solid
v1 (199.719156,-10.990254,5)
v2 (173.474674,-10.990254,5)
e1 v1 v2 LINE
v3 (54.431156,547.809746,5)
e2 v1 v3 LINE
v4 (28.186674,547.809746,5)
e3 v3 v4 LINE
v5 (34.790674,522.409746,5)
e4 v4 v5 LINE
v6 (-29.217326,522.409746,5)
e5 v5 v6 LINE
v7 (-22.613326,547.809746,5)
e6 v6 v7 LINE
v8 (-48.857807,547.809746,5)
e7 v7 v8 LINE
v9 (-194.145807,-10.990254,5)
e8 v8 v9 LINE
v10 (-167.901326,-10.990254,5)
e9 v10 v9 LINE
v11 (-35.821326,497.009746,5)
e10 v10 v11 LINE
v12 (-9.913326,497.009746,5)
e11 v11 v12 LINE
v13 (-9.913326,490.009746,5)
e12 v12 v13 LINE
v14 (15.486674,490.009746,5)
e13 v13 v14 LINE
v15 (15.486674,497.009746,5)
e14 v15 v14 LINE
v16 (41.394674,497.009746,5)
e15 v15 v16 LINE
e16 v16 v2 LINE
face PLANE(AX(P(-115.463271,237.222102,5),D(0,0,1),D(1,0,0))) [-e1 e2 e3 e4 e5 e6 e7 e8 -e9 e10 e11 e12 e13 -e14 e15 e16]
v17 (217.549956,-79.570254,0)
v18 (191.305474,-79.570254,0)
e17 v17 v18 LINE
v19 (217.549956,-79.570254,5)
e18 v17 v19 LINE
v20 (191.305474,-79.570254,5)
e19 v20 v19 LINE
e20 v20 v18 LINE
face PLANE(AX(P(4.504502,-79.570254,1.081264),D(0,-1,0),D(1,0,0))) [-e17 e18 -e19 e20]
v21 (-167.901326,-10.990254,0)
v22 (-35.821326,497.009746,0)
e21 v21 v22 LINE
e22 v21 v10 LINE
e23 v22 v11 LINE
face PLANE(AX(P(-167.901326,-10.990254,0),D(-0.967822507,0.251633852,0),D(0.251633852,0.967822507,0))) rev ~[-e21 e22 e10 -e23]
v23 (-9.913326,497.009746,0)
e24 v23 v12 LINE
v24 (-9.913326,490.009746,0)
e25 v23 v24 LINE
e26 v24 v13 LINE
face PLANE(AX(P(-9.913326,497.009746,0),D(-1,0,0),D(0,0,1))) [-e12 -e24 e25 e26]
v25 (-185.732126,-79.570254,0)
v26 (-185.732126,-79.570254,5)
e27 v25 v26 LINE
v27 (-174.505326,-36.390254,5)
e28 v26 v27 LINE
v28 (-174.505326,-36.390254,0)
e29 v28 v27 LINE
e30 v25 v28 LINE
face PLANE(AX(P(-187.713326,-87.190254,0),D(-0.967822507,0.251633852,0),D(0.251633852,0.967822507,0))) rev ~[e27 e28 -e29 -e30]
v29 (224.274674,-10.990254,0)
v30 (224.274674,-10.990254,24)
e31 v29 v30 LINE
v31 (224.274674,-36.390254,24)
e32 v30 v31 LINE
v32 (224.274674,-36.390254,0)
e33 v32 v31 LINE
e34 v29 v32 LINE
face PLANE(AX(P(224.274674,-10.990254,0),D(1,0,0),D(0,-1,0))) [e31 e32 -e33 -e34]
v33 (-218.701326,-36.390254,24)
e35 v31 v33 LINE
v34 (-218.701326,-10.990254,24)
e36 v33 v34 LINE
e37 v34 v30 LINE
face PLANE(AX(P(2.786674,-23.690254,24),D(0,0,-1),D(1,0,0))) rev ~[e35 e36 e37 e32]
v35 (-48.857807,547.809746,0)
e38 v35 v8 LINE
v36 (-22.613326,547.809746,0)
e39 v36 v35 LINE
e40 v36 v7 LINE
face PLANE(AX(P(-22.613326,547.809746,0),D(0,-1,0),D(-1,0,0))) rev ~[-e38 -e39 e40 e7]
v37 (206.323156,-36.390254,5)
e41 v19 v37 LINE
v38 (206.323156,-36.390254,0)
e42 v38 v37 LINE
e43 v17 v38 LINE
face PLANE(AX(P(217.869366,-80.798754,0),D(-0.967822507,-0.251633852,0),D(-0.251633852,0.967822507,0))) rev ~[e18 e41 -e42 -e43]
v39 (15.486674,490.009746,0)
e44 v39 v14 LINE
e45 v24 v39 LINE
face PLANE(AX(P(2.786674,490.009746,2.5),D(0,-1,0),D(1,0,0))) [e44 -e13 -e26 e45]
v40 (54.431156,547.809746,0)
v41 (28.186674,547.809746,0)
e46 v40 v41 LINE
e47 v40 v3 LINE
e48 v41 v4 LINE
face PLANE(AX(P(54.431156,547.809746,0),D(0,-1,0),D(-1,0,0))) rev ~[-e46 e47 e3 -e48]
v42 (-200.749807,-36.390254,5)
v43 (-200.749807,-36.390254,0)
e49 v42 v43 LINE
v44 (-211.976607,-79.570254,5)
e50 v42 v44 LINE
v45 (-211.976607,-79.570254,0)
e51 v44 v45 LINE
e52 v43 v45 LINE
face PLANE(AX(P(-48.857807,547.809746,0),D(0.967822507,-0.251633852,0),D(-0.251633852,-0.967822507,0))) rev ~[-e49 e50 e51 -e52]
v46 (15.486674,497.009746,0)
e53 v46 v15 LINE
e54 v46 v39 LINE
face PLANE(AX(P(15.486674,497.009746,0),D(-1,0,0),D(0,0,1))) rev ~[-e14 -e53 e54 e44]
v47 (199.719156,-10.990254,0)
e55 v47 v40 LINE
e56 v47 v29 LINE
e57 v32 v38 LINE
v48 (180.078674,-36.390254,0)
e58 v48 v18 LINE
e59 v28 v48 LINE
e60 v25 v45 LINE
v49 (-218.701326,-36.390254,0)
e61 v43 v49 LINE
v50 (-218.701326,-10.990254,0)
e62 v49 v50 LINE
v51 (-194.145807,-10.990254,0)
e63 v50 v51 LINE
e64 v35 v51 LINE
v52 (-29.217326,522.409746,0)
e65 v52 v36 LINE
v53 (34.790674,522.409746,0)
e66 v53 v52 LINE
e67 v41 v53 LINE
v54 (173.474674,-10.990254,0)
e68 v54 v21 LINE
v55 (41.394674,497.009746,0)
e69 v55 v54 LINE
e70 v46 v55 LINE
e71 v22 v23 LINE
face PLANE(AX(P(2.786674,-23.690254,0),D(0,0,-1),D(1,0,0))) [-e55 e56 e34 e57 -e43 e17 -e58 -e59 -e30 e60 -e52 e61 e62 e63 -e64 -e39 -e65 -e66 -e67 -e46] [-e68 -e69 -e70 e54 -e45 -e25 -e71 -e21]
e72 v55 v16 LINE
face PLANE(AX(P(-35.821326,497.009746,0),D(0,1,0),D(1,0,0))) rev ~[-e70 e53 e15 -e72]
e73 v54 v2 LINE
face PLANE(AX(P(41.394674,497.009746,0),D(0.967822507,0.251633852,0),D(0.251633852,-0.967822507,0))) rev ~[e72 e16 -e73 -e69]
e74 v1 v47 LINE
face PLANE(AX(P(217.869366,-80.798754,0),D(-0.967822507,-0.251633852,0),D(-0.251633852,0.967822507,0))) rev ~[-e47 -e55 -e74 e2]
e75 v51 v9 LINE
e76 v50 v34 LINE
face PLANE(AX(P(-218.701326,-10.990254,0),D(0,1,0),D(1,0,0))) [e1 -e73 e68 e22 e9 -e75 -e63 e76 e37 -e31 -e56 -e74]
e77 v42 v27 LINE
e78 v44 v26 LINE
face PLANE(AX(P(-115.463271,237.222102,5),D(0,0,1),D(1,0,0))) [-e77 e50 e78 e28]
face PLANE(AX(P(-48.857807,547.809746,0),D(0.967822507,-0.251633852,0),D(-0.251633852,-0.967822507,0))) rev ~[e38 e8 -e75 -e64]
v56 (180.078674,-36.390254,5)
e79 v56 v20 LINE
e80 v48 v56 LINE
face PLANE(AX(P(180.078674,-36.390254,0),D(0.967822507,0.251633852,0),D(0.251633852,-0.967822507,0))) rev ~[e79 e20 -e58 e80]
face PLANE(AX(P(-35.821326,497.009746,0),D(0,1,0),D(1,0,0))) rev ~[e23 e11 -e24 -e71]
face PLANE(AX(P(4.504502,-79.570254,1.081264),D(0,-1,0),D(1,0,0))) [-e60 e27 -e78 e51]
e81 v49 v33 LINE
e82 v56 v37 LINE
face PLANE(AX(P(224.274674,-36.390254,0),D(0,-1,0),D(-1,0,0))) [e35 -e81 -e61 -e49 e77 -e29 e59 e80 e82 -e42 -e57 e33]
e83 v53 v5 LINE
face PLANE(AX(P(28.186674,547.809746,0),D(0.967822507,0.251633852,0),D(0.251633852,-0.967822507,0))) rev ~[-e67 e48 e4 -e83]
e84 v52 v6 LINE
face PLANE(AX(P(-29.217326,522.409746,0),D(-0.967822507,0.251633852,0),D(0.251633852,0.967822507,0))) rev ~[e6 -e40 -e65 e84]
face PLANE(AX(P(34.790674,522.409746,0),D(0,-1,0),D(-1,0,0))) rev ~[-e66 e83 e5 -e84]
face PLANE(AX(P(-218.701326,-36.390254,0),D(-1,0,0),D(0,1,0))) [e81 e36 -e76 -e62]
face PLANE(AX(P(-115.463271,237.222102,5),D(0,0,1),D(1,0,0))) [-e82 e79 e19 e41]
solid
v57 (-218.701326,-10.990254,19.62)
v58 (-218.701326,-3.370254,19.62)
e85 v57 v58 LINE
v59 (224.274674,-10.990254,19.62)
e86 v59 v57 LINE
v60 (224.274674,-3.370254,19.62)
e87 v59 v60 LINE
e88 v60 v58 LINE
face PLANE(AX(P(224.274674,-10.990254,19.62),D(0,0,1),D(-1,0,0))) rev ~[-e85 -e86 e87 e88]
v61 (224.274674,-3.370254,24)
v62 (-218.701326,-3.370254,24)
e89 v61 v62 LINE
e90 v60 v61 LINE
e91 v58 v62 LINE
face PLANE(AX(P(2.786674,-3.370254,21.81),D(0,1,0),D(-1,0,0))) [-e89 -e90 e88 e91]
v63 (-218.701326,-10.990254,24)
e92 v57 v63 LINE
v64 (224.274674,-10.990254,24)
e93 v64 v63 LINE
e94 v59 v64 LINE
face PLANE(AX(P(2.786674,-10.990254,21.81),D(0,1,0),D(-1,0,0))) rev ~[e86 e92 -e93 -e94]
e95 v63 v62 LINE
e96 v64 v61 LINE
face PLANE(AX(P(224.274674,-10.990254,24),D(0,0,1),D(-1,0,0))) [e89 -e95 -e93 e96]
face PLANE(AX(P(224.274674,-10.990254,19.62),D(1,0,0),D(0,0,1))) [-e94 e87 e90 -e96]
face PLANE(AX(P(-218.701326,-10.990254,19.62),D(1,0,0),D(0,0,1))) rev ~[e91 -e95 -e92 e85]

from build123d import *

# Parameters (mm, degrees)
F1_DEPTH  = 5
F3_DEPTH  = 24
F4_W      = 25.4
F4_H      = 5
F5_DEPTH  = 7
F7_W      = 508
F7_H      = 81.5656109944
F8_DEPTH  = 7.62
F9_W      = 442.976
F9_H      = 4.38
F10_DEPTH = 7.62


with BuildPart() as f1:
    # F0 (on Top) → F1 (new body)
    with BuildSketch(Plane.XY):
        Polygon((-29.2173255483, 522.40974645), (-22.6133255483, 547.80974645), (-48.8578071778, 547.80974645), (-187.7133255483, 13.7500604096), (-187.7133255483, -87.19025355), (-174.5053255483, -36.39025355), (-167.9013255483, -10.99025355), (-35.8213255483, 497.00974645), align=None)
        Polygon((34.7906744517, 522.40974645), (-29.2173255483, 522.40974645), (-35.8213255483, 497.00974645), (41.3946744517, 497.00974645), align=None)
        Polygon((54.4311560812, 547.80974645), (28.1866744517, 547.80974645), (34.7906744517, 522.40974645), (41.3946744517, 497.00974645), (173.4746744517, -10.99025355), (180.0786744517, -36.39025355), (193.2866744517, -87.19025355), (193.2866744517, 13.7500604096), align=None)
        Polygon((173.4746744517, -10.99025355), (-167.9013255483, -10.99025355), (-174.5053255483, -36.39025355), (180.0786744517, -36.39025355), align=None)
        Polygon((-187.7133255483, -87.19025355), (-187.7133255483, 13.7500604096), (-212.2960172207, -80.7987537151), align=None)
        Polygon((217.8693661241, -80.7987537151), (193.2866744517, 13.7500604096), (193.2866744517, -87.19025355), align=None)
    extrude(amount=F1_DEPTH)

    # F2 (on face) → F3 (join)
    with BuildSketch(Plane(origin=(0, 0, 0), x_dir=(1, 0, 0), z_dir=(0, 0, -1))):
        Polygon((-218.7013255483, 10.99025355), (-167.9013255483, 10.99025355), (173.4746744517, 10.99025355), (224.2746744517, 10.99025355), (224.2746744517, 36.39025355), (180.0786744517, 36.39025355), (-174.5053255483, 36.39025355), (-218.7013255483, 36.39025355), align=None)
    extrude(amount=-F3_DEPTH)

    # F4 (on face) → F5 (join)
    with BuildSketch(Plane.XZ.offset(-497.00974645)):
        with Locations((2.7866744517, 2.5)):
            Rectangle(F4_W, F4_H)
    extrude(amount=F5_DEPTH)

    # F7 (on 3pt) → F8 (cut)
    with BuildSketch(Plane.XZ.offset(87.19025355)):
        with Locations((4.5045018196, 1.0812641121)):
            Rectangle(F7_W, F7_H)
    extrude(amount=-F8_DEPTH, mode=Mode.SUBTRACT)


with BuildPart() as f10:
    # F9 (on face) → F10 (new body)
    with BuildSketch(Plane(origin=(0, -10.99025355, 0), x_dir=(-1, 0, 0), z_dir=(0, 1, 0))):
        with Locations((-2.7866744517, 21.81)):
            Rectangle(F9_W, F9_H)
    extrude(amount=F10_DEPTH)


solid = Compound([f1.part, f10.part])
